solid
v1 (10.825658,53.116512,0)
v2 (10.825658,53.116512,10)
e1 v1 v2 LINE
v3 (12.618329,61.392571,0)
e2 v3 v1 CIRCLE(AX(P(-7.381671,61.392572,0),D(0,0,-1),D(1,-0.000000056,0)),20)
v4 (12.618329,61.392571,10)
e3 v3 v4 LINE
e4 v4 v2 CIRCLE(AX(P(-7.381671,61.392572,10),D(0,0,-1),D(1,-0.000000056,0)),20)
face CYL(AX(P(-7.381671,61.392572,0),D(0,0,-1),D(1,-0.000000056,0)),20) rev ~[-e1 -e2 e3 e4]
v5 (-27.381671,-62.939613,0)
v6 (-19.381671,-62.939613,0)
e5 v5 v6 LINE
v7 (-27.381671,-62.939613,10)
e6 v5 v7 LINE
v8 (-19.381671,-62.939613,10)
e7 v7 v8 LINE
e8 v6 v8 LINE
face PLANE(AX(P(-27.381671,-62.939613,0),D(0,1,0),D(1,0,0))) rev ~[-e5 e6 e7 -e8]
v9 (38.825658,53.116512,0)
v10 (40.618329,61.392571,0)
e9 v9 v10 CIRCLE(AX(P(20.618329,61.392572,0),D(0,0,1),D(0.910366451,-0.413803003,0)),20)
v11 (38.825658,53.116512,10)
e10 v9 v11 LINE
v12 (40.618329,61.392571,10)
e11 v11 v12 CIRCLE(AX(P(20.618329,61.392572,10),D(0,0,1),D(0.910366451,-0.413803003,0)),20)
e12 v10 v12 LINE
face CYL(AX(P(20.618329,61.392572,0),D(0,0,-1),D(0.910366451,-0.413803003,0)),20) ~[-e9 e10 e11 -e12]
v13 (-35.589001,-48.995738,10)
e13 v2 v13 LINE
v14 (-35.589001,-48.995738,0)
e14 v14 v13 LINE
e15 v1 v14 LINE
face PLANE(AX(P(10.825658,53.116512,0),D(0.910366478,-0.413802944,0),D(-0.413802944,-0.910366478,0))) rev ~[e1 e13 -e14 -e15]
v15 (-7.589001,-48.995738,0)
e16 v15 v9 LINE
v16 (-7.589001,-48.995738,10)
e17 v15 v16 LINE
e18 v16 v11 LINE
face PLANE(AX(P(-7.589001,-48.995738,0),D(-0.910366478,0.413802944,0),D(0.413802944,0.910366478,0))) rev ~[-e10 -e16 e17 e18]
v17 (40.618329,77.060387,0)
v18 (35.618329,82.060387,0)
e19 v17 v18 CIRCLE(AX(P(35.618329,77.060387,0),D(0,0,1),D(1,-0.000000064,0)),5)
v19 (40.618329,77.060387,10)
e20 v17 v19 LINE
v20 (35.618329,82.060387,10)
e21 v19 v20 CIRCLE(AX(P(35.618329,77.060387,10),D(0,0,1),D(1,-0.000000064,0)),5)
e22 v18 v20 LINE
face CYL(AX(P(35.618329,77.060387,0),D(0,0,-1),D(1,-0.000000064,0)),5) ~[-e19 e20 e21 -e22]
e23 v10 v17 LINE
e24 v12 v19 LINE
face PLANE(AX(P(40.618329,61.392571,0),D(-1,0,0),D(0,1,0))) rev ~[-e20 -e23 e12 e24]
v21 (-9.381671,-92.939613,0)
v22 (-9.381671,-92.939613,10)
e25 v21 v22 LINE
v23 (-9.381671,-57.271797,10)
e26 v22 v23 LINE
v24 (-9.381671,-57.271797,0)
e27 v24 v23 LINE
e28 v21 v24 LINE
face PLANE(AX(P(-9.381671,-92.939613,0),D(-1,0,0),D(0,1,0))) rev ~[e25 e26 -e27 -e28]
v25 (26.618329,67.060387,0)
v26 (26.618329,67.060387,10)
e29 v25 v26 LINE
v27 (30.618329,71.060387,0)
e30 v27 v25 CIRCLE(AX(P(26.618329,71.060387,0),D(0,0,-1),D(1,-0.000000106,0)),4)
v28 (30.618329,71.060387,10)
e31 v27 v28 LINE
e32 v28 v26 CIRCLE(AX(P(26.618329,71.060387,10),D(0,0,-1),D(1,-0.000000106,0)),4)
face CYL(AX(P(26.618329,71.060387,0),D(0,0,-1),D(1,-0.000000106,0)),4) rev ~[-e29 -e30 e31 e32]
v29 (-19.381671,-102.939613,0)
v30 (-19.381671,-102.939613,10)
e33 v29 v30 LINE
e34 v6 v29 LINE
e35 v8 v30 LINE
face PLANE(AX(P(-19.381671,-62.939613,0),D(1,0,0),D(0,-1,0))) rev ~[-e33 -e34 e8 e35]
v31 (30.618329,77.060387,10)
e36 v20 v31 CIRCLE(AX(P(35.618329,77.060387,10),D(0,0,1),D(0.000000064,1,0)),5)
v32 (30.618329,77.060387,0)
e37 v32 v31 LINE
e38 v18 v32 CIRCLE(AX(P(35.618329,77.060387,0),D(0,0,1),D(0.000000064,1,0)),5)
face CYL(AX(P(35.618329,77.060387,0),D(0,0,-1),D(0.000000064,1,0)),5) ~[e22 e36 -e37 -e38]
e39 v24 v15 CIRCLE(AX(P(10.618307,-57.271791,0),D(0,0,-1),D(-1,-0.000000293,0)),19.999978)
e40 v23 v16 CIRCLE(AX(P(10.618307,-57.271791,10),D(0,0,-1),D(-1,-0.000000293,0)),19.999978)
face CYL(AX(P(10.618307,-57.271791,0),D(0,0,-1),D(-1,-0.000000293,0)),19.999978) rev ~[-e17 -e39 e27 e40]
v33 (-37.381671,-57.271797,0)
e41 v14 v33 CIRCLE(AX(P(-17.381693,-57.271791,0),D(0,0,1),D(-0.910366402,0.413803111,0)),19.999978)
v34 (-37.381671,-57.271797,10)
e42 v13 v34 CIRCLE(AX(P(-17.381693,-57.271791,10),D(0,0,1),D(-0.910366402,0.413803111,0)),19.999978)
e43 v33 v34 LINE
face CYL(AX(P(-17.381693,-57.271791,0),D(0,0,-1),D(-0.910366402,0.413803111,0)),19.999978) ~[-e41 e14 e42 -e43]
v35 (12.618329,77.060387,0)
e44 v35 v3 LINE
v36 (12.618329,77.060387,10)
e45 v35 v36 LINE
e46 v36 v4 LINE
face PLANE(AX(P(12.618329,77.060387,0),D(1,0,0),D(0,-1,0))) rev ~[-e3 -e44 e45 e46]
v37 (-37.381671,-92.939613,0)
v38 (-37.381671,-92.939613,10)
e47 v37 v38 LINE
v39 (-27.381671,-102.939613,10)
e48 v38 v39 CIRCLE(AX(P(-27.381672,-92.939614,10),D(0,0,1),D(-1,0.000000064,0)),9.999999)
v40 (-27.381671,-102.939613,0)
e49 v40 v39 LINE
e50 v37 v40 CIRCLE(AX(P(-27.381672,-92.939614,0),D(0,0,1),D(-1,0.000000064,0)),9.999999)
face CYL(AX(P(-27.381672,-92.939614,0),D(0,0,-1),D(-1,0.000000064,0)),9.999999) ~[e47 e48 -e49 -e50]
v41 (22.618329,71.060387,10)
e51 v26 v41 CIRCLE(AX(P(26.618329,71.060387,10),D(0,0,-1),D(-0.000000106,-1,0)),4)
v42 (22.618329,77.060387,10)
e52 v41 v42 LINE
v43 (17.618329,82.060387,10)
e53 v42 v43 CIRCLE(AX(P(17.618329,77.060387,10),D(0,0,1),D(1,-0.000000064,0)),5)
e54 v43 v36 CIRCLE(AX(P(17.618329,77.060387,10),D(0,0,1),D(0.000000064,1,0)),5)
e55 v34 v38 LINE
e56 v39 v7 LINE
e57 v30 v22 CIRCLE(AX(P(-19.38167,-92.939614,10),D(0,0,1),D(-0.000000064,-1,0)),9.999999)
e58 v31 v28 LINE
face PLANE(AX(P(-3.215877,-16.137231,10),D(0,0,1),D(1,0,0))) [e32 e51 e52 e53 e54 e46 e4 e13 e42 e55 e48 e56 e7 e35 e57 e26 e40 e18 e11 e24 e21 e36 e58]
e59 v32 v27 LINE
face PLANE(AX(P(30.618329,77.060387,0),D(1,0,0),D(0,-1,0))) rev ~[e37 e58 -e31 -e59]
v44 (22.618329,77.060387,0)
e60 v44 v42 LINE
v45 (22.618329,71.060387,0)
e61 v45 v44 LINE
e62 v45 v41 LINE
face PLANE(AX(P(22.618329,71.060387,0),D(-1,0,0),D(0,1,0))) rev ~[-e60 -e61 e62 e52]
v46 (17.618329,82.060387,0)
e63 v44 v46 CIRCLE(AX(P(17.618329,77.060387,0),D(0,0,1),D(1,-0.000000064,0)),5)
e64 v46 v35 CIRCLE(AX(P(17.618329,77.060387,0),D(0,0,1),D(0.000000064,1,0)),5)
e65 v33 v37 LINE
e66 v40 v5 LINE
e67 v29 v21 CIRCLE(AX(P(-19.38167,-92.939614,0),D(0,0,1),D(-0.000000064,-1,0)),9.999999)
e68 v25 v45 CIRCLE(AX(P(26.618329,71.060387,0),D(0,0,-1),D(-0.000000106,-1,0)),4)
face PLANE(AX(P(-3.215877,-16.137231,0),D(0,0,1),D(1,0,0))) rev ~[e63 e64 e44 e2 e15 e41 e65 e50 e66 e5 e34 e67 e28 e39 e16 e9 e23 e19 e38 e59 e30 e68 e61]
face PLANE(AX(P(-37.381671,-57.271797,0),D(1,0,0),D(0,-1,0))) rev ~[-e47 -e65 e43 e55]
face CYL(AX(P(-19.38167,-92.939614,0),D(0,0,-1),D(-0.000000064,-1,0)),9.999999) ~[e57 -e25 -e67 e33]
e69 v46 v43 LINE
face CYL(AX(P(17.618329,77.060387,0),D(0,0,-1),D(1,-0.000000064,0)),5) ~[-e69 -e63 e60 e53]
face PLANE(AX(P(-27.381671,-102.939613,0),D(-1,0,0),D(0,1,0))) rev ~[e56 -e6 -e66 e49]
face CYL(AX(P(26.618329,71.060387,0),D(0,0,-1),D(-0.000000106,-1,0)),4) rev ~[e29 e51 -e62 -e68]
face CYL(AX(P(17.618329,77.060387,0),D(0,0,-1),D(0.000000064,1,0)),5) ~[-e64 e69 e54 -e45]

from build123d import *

# Parameters (mm, degrees)
F1_DEPTH = 10


with BuildPart() as f1:
    # F0 (on Top) → F1 (new body)
    with BuildSketch(Plane.XY):
        with BuildLine():
            Line((12.618329, 77.060387), (12.618329, 61.392571))
            ThreePointArc((12.618329, 61.392571), (12.165024, 57.158577), (10.825658, 53.116512))
            Line((10.825658, 53.116512), (-35.589001, -48.995738))
            ThreePointArc((-35.589001, -48.995738), (-36.928367, -53.037803), (-37.381671, -57.271797))
            Line((-37.381671, -57.271797), (-37.381671, -92.939613))
            ThreePointArc((-37.381671, -92.939613), (-34.452739, -100.010681), (-27.381671, -102.939613))
            Line((-27.381671, -102.939613), (-27.381671, -62.939613))
            Line((-27.381671, -62.939613), (-19.381671, -62.939613))
            Line((-19.381671, -62.939613), (-19.381671, -102.939613))
            ThreePointArc((-19.381671, -102.939613), (-12.310603, -100.010681), (-9.381671, -92.939613))
            Line((-9.381671, -92.939613), (-9.381671, -57.271797))
            ThreePointArc((-9.381671, -57.271797), (-8.928367, -53.037803), (-7.589001, -48.995738))
            Line((-7.589001, -48.995738), (38.825658, 53.116512))
            ThreePointArc((38.825658, 53.116512), (40.165024, 57.158577), (40.618329, 61.392571))
            Line((40.618329, 61.392571), (40.618329, 77.060387))
            ThreePointArc((40.618329, 77.060387), (39.153863, 80.595921), (35.618329, 82.060387))
            ThreePointArc((35.618329, 82.060387), (32.082795, 80.595921), (30.618329, 77.060387))
            Line((30.618329, 77.060387), (30.618329, 71.060387))
            ThreePointArc((30.618329, 71.060387), (29.446756, 68.23196), (26.618329, 67.060387))
            ThreePointArc((26.618329, 67.060387), (23.789902, 68.23196), (22.618329, 71.060387))
            Line((22.618329, 71.060387), (22.618329, 77.060387))
            ThreePointArc((22.618329, 77.060387), (21.153863, 80.595921), (17.618329, 82.060387))
            ThreePointArc((17.618329, 82.060387), (14.082795, 80.595921), (12.618329, 77.060387))
        make_face()
    extrude(amount=F1_DEPTH)


solid = f1.part
